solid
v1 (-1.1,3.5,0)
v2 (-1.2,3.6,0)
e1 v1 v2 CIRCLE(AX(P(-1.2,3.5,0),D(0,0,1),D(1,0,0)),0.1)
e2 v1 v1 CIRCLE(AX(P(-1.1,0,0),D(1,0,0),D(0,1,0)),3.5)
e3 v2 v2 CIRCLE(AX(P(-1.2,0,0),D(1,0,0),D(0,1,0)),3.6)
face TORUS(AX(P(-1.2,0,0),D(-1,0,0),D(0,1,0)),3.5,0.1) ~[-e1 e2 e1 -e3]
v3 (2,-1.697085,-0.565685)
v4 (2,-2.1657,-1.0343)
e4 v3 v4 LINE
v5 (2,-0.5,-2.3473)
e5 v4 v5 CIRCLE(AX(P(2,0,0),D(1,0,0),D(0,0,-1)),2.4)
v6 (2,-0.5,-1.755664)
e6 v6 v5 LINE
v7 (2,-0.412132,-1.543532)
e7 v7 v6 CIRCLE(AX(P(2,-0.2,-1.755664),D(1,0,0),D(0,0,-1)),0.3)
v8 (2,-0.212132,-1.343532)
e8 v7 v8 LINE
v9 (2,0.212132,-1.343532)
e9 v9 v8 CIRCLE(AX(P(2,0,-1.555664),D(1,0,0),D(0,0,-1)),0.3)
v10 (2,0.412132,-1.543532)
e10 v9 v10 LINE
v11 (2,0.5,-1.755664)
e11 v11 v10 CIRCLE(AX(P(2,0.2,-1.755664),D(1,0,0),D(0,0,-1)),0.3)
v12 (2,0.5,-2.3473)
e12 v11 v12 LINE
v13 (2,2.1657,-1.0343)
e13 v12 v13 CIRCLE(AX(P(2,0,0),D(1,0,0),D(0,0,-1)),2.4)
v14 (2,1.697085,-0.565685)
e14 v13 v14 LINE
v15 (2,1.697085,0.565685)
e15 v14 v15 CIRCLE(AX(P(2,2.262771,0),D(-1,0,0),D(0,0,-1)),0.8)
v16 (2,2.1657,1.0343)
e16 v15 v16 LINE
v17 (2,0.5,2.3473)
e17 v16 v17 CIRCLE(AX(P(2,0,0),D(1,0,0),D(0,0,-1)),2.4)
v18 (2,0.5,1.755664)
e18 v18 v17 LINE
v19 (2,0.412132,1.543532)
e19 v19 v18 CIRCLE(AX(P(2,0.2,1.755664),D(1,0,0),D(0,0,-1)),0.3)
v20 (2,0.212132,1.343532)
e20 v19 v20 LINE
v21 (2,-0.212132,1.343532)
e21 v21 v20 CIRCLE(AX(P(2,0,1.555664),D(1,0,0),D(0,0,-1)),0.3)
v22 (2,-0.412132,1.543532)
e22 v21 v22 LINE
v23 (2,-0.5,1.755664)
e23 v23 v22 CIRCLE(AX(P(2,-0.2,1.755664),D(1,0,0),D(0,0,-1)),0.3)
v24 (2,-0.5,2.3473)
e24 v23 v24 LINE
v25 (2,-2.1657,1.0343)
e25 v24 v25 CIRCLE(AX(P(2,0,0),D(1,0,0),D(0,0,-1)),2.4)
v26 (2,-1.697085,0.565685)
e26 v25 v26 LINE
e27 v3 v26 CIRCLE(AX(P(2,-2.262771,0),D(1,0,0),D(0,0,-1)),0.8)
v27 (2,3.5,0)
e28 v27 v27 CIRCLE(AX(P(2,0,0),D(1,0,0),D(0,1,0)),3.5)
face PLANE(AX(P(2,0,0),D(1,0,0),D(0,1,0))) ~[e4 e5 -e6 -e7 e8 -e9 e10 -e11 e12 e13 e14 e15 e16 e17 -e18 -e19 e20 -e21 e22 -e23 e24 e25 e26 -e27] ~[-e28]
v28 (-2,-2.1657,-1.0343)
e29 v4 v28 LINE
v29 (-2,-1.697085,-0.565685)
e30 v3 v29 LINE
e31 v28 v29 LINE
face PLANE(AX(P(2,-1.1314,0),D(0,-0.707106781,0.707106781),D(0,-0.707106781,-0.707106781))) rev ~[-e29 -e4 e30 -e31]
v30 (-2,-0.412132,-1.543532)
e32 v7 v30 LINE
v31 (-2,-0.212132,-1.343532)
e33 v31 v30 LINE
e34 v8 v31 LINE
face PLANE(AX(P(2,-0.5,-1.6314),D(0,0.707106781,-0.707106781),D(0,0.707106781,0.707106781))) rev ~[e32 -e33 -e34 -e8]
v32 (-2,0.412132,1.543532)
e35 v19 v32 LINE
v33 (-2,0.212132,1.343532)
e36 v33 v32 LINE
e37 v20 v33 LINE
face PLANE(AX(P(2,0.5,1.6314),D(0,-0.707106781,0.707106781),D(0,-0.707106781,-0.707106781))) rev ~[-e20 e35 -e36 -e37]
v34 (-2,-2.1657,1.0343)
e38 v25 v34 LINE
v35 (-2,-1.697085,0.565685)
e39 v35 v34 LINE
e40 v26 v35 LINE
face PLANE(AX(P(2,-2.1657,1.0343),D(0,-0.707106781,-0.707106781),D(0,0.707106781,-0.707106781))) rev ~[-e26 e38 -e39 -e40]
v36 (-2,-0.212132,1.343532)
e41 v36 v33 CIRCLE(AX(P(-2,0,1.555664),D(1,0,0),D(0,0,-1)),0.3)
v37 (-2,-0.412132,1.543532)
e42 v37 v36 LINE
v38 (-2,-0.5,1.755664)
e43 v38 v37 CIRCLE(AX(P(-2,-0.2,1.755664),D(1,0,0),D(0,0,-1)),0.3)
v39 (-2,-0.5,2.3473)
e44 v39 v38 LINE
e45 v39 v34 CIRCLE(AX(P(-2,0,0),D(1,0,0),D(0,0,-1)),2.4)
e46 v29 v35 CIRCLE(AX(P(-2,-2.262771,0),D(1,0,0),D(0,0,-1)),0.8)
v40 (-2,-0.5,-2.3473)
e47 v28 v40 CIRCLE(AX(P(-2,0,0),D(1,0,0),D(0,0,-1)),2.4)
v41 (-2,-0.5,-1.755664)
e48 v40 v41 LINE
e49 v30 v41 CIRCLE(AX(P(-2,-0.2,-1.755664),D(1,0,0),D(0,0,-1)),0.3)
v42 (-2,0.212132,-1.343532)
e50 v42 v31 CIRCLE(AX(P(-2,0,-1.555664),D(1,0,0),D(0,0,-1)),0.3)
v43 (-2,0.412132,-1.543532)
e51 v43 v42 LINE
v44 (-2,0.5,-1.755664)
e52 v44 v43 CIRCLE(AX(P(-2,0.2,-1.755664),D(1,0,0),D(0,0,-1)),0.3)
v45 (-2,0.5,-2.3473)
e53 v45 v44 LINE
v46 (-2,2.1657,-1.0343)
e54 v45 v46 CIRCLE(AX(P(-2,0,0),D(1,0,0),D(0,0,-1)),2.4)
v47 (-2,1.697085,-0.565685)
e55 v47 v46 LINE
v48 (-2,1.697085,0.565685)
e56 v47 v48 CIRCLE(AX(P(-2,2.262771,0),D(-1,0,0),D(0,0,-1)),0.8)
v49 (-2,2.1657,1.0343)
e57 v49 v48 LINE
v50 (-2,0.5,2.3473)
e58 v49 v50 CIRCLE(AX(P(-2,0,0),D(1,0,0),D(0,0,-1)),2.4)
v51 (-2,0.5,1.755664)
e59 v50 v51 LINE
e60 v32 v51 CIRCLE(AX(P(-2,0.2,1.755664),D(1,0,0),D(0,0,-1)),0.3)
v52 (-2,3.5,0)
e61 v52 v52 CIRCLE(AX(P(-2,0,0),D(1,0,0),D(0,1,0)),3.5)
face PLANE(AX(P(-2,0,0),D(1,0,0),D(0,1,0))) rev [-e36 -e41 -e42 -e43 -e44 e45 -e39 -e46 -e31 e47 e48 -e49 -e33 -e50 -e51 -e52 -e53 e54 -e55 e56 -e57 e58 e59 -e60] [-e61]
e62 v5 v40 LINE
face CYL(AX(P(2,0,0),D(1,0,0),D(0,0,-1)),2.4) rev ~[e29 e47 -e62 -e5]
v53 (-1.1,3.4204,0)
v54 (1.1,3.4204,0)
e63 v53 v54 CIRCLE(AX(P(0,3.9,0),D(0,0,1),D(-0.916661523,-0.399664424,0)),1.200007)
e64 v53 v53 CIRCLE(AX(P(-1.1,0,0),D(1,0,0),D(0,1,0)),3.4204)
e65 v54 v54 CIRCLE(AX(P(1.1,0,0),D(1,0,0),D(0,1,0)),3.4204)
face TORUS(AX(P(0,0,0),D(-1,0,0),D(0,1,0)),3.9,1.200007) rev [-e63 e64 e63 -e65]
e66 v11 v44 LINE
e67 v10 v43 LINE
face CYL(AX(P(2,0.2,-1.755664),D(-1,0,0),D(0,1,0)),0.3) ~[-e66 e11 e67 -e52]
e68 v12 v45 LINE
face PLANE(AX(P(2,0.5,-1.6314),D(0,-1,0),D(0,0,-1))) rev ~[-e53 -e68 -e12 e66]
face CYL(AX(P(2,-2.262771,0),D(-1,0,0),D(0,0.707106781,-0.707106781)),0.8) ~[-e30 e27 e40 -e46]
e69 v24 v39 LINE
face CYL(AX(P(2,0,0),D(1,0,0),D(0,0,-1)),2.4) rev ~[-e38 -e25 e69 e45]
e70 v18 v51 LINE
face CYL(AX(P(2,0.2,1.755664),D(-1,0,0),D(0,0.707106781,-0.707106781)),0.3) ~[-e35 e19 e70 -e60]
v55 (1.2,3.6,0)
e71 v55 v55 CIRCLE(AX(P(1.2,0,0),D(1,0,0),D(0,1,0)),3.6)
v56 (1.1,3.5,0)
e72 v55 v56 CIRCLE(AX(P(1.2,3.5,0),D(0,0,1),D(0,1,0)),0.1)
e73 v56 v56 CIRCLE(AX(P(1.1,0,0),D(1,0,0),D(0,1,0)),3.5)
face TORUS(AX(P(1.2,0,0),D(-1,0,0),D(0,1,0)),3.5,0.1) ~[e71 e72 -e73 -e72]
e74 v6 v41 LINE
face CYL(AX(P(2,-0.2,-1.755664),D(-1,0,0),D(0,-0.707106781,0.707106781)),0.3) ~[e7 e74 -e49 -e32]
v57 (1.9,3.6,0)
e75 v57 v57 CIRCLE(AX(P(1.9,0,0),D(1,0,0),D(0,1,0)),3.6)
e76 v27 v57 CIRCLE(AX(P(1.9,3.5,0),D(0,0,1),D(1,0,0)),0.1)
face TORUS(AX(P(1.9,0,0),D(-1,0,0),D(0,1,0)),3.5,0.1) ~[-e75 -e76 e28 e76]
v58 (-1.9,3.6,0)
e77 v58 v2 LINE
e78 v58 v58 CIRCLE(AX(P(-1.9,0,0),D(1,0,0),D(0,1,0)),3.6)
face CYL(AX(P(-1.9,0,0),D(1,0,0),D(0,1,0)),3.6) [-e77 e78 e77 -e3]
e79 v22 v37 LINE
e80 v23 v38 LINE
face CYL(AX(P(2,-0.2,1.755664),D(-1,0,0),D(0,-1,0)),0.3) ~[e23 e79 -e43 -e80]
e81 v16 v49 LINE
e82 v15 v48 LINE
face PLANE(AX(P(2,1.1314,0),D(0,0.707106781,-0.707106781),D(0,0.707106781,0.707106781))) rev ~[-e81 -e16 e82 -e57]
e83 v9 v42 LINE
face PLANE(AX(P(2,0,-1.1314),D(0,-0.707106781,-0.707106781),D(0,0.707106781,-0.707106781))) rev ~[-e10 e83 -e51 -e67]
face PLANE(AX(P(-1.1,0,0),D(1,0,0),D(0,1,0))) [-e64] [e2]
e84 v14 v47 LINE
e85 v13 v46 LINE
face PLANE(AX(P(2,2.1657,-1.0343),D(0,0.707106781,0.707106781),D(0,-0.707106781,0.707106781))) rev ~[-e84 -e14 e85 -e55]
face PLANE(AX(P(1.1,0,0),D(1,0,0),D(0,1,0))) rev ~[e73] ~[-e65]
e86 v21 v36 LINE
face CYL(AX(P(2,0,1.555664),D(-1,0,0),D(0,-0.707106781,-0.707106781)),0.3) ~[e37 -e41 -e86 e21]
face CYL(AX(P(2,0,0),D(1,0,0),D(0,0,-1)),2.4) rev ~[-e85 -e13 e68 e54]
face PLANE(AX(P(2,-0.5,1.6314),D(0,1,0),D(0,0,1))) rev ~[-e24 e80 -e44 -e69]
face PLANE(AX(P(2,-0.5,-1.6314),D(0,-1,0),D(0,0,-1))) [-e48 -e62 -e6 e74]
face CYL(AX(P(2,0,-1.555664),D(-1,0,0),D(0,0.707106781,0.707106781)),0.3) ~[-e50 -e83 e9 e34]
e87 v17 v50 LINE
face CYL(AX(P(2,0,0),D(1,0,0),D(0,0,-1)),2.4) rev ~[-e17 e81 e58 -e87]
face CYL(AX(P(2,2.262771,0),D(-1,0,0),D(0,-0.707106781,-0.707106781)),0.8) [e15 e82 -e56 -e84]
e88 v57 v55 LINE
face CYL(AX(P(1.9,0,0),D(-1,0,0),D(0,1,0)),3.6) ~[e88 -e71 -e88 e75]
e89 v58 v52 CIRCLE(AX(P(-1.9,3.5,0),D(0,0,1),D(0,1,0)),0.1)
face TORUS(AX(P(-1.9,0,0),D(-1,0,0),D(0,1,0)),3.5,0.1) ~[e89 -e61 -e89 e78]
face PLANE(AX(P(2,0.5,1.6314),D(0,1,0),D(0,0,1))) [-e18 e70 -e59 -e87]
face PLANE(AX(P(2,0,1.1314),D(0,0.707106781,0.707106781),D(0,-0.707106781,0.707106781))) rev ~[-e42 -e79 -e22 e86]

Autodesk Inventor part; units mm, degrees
ref_plane "YZ Plane" through (0, 0, 0) normal (1, 0, 0) x (0, 1, 0)
ref_plane "XZ Plane" through (0, 0, 0) normal (0, 1, 0) x (-1, 0, 0)
ref_plane "XY Plane" through (0, 0, 0) normal (0, 0, 1) x (1, 0, 0)
sketch "Sketch1" plane through (0, 0, 0) normal (0, 0, 1) x (1, 0, 0)
  line L0 (-2, 0) -> (2, 0)
  line L1 (-2, 0) -> (-2, 2.7)
  line L2 (-2, 2.7) -> (-2, 2.7)
  line L3 (0, 0) -> (0, 2.7) construction
  line L4 (-2, 2.7) -> (-2, 3.5)
  line L5 (-1.9, 3.6) -> (-1.2, 3.6)
  line L6 (-2, 2.7) -> (0, 2.7) construction
  arc A0 (-1.1, 3.5) -> (-1.2, 3.6) centre (-1.2, 3.5) ccw
  arc A1 (-1.9, 3.6) -> (-2, 3.5) centre (-1.9, 3.5) ccw
  line L7 (2, 0) -> (2, 2.7)
  line L8 (2, 2.7) -> (2, 2.7)
  line L9 (2, 2.7) -> (2, 3.5)
  line L10 (1.9, 3.6) -> (1.2, 3.6)
  arc A2 (1.2, 3.6) -> (1.1, 3.5) centre (1.2, 3.5) ccw
  arc A3 (2, 3.5) -> (1.9, 3.6) centre (1.9, 3.5) ccw
  line L11 (1.1, 3.5) -> (1.1, 3.4204)
  line L12 (-1.1, 3.5) -> (-1.1, 3.4204)
  arc A4 (-1.1, 3.4204) -> (1.1, 3.4204) centre (0, 3.9) ccw
  dimension "d0" = 0.1
  dimension "d1" = 7.2
  dimension "d2" = 5.4
  dimension "d3" = 5.4
  dimension "d4" = 4
  dimension "d5" = 4
  dimension "d26" = 2.2
  dimension "d27" = 1.2
revolve "Revolution1" add sketch "Sketch1" angle 360 about axis through (-2, 0, 0) along (1, 0, 0)
sketch "Sketch2" plane through (2, 0, 0) normal (1, 0, 0) x (0, 0, -1)
  circle A0 centre (0, 0) radius 2.4
  line L0 (2.1657, -1.0343) -> (1.6314, -0.5) construction
  line L1 (1.1314, 0) -> (1.6314, 0.5)
  line L2 (-2.1657, 1.0343) -> (-1.6314, 0.5) construction
  line L3 (-1.1314, 0) -> (-1.6314, -0.5)
  line L4 (-1.0343, -2.1657) -> (0, -1.1314)
  line L5 (0, -1.1314) -> (1.0343, -2.1657)
  line L6 (1.0343, 2.1657) -> (0, 1.1314)
  line L7 (0, 1.1314) -> (-1.0343, 2.1657)
  line L8 (-1.6314, -0.5) -> (-2.3473, -0.5)
  line L9 (-1.6314, 0.5) -> (-2.3473, 0.5)
  line L10 (1.6314, -0.5) -> (2.3473, -0.5)
  line L11 (1.6314, 0.5) -> (2.3473, 0.5)
  line L12 (-1.6314, -0.5) -> (-2.1657, -1.0343) construction
  line L13 (1.6314, -0.5) -> (1.1314, 0)
  line L14 (1.6314, 0.5) -> (2.1657, 1.0343) construction
  line L15 (-1.6314, 0.5) -> (-1.1314, 0)
  circle A1 centre (0, 0) radius 3.5 projected
  dimension "d11" = 4.8
  dimension "d12" = 1.6
  dimension "d13" = 1
  dimension "d14" = 1
  dimension "d15" = 1.4627
  dimension "d16" = 1.4627
  dimension "d17" = 1.6
  dimension "d18" = 1.6
  dimension "d19" = 1.6
extrude "Extrusion1" cut sketch "Sketch2" against normal through all contours L11 L1 L13 L10 A0 L5 L4 L8 L3 L15 L9 L7 L6
fillet "Fillet1" radius 0.3 6 edges at (0, 0, 1.1314) (0, 0.5, 1.6314) (0, -0.5, 1.6314) (0, 0.5, -1.6314) (0, 0, -1.1314) (0, -0.5, -1.6314)
fillet "Fillet2" radius 0.8 2 edges at (0, -1.1314, 0) (0, 1.1314, 0)
equation "\"d0\" = lf"
equation "\"d1\" = tlad"
equation "\"d3\" = d2"
equation "\"d4\" = d5"
equation "\"d5\" = 0.5 * lu"
equation "\"d11\" = kd"
equation "\"d12\" = d19"
equation "\"d14\" = d13"
equation "\"d16\" = d15"
equation "\"d17\" = d19"
equation "\"d18\" = d19"
equation "\"d19\" = axlet"
equation "\"lf\" = 0.1"
equation "\"tlad\" = 7.2"
equation "\"lu\" = 8"
equation "\"kd\" = 4.8"
equation "\"axlet\" = 1.6"
properties part number "4265c-Yellow" material "ABS Plastic"
